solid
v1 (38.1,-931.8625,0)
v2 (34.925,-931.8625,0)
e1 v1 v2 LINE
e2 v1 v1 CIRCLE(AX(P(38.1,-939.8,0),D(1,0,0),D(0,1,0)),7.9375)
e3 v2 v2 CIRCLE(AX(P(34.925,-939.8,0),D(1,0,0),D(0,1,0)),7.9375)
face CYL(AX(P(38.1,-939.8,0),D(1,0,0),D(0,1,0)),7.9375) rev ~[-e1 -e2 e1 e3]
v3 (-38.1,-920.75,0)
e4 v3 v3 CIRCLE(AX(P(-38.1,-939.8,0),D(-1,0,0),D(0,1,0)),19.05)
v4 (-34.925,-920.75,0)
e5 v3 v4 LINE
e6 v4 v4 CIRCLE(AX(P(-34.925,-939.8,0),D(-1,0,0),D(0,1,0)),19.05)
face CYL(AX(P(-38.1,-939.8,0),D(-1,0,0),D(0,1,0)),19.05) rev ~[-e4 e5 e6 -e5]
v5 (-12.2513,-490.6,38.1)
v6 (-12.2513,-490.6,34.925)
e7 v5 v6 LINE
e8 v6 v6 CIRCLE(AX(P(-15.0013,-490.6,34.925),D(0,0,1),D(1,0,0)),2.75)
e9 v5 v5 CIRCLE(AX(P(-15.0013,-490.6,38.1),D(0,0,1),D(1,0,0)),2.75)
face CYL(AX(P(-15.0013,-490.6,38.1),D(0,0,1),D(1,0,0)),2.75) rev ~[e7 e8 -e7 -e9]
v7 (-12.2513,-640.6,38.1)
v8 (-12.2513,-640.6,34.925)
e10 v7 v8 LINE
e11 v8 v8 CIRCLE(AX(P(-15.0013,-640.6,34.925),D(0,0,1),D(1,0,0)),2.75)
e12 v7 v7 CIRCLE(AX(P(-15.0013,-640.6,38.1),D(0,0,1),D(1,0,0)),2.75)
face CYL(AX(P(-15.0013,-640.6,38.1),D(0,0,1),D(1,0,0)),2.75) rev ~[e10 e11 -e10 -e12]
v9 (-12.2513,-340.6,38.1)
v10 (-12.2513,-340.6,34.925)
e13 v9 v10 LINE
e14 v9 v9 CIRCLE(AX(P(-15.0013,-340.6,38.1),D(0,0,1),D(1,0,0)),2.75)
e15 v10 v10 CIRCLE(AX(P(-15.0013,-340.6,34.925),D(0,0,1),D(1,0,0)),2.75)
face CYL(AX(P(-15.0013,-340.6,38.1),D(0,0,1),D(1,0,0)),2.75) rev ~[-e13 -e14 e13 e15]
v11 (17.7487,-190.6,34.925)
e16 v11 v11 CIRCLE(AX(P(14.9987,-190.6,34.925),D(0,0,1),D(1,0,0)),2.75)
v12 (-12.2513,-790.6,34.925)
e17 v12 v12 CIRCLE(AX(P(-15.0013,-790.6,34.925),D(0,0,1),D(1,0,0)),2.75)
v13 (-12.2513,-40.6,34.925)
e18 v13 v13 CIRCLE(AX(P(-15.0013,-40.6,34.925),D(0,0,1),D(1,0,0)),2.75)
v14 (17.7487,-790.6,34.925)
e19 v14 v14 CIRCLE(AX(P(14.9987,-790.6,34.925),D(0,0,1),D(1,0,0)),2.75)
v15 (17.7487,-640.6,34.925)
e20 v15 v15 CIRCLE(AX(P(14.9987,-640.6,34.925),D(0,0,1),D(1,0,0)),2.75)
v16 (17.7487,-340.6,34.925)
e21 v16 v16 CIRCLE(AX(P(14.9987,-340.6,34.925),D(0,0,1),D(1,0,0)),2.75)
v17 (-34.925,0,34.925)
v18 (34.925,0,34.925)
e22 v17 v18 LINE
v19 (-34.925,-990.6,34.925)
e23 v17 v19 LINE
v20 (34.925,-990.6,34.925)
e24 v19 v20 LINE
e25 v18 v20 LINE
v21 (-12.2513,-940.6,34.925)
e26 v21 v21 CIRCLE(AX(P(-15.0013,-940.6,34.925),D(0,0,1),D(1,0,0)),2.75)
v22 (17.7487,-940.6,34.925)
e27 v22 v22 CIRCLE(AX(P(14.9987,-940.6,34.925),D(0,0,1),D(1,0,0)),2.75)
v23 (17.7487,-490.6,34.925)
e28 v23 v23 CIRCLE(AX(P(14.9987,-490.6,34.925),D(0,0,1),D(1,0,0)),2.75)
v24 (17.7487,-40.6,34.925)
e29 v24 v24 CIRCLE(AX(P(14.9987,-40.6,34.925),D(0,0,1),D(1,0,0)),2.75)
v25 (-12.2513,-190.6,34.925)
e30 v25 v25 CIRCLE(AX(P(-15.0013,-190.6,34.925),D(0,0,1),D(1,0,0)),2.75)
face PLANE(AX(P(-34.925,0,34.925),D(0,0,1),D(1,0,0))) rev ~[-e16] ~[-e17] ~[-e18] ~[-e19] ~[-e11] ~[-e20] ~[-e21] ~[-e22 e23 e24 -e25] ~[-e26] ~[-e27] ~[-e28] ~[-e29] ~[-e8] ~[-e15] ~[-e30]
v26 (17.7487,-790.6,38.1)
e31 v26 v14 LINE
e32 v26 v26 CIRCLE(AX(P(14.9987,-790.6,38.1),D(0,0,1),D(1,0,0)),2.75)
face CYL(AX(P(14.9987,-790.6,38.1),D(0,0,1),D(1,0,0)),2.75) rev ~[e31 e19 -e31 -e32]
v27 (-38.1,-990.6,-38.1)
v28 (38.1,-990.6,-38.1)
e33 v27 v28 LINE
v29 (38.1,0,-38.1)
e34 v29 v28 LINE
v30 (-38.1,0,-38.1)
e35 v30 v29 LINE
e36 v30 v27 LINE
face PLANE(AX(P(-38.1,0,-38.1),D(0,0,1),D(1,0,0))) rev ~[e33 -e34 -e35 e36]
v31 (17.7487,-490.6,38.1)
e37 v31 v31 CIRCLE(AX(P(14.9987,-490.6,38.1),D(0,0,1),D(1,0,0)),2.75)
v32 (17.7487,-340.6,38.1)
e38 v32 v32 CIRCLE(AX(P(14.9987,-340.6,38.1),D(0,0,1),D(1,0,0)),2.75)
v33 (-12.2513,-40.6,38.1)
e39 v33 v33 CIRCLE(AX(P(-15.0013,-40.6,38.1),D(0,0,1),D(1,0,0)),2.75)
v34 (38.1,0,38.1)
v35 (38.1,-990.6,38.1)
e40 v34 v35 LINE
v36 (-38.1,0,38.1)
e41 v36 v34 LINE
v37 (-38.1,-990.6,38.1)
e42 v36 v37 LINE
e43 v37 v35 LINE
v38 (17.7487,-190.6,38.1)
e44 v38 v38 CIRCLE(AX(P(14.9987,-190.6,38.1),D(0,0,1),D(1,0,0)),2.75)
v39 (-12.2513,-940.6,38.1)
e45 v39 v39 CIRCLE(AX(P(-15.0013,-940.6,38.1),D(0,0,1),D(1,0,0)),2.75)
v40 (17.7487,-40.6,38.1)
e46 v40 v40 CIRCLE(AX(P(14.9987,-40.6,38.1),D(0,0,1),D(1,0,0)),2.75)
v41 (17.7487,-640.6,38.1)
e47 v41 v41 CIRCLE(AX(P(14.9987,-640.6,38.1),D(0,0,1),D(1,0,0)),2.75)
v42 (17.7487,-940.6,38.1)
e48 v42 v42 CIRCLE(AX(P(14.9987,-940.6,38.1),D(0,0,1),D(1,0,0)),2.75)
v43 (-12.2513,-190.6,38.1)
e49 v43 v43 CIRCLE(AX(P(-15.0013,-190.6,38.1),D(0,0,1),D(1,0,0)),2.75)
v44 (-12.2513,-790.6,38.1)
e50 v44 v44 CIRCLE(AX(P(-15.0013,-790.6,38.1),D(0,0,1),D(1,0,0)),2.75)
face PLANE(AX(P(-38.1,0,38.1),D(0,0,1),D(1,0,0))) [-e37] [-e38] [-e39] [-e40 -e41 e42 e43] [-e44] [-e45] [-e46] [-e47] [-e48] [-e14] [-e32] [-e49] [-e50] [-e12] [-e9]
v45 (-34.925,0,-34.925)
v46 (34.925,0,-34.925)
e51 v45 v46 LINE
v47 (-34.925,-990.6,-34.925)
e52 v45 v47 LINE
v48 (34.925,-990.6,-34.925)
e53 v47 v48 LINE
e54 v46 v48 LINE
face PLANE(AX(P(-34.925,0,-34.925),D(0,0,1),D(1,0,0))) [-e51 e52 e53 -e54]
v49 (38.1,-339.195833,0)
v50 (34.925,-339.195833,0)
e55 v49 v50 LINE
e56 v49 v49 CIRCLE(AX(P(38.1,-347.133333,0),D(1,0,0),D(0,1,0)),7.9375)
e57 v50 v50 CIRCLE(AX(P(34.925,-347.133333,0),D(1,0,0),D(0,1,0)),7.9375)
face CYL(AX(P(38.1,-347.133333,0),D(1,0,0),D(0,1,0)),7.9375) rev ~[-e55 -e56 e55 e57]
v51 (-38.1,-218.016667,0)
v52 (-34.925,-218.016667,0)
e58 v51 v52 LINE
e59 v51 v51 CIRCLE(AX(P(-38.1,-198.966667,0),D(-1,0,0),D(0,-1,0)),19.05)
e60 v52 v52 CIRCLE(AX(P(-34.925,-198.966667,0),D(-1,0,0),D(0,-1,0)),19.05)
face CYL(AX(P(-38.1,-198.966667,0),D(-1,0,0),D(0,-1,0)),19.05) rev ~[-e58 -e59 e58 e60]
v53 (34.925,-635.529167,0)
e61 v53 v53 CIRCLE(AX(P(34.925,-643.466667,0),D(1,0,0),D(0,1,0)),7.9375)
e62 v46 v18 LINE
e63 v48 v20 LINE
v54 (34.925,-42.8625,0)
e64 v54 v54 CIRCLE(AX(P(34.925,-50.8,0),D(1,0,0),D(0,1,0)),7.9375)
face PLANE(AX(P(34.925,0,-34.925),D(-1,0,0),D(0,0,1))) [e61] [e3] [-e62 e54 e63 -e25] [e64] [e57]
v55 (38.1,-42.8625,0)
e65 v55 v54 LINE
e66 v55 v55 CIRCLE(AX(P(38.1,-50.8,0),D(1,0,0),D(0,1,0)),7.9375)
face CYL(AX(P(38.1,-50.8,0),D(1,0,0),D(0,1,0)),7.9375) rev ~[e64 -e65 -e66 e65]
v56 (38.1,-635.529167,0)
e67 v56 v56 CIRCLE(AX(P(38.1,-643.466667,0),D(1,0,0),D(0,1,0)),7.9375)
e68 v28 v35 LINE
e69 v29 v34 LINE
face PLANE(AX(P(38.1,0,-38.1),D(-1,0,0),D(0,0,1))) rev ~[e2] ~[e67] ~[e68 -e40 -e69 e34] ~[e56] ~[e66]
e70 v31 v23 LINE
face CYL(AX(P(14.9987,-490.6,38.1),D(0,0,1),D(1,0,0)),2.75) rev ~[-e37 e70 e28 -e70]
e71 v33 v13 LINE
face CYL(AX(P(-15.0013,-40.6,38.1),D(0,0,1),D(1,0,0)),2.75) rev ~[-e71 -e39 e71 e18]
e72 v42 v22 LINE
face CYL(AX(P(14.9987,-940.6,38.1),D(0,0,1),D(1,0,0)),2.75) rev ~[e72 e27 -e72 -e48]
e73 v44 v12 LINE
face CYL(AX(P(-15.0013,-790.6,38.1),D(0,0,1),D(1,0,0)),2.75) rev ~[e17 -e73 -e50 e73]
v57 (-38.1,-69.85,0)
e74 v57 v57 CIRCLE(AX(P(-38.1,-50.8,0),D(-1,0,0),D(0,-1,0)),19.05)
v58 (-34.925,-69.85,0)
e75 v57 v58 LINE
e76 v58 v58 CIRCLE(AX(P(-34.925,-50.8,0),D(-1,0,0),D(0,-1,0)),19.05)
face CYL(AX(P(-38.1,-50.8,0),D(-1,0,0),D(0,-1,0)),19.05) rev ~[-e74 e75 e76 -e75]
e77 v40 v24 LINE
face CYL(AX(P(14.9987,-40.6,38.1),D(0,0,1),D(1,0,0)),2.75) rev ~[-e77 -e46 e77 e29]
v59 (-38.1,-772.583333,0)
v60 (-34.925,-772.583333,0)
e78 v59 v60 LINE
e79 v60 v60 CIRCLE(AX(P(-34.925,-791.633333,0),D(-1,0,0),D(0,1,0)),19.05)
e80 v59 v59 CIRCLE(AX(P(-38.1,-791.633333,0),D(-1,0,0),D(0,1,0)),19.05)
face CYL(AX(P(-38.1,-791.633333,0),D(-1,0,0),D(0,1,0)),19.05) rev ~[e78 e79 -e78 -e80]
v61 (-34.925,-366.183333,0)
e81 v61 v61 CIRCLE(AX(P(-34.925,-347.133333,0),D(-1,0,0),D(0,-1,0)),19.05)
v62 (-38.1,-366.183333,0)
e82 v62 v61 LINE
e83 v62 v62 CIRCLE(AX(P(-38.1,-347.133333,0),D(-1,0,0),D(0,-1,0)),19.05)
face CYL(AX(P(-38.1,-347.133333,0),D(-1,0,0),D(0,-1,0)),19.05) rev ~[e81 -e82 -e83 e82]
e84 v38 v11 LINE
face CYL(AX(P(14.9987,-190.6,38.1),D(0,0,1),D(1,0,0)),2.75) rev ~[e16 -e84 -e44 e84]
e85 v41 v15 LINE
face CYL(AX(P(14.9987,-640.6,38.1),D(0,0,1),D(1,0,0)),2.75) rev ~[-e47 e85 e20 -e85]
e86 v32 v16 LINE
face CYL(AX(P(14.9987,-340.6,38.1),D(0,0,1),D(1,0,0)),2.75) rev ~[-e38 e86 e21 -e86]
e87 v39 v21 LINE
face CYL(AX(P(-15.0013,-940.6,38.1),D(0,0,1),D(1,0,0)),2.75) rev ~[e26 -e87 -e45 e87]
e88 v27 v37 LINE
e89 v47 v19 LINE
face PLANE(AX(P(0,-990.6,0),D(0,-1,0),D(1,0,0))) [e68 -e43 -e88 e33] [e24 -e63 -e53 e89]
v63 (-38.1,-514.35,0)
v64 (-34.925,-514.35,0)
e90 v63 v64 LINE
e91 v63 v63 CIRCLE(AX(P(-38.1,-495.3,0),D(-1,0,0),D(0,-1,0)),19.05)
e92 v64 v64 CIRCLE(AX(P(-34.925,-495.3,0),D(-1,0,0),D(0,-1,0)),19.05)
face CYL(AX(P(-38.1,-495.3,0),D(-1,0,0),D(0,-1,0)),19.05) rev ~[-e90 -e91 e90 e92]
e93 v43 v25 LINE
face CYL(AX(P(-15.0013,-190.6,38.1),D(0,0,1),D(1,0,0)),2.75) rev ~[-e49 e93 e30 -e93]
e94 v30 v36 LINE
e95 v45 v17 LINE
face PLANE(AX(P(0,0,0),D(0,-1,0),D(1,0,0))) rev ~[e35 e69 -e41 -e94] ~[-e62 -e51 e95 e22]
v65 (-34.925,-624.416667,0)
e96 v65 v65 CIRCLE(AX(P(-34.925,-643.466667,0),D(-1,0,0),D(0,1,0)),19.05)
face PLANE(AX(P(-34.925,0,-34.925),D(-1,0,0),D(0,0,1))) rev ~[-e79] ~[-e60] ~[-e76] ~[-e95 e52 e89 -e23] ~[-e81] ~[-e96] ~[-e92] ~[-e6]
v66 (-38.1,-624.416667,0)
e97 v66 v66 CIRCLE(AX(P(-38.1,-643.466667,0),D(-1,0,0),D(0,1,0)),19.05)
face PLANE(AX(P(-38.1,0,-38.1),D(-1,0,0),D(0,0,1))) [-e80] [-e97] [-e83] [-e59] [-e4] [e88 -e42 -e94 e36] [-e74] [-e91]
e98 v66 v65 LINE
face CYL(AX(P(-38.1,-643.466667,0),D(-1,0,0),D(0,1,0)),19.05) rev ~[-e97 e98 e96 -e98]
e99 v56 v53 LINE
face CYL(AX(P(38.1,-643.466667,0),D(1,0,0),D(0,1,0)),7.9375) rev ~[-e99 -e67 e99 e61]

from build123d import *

# Parameters (mm, degrees)
F0_W     = 76.2
F0_H     = 76.2
F0_W_2   = 69.85
F0_H_2   = 69.85
F1_DEPTH = 990.6
F2_R     = 2.75
F3_DEPTH = 25.4
F4_R     = 7.9375
F5_DEPTH = 25.4
F6_R     = 19.05
F7_DEPTH = 25.4


with BuildPart() as f1:
    # F0 (on Front) → F1 (new body)
    with BuildSketch(Plane.XZ):
        Rectangle(F0_W, F0_H)
        Rectangle(F0_W_2, F0_H_2, mode=Mode.SUBTRACT)
    extrude(amount=F1_DEPTH)

    # F2 (on face) → F3 (cut)
    with BuildSketch(Plane.XY.offset(38.1)):
        with Locations((-15.0013, -940.6)):
            Circle(F2_R)
        with Locations((14.9987, -940.6)):
            Circle(F2_R)
        with Locations((14.9987, -790.6)):
            Circle(F2_R)
        with Locations((-15.0013, -790.6)):
            Circle(F2_R)
        with Locations((14.9987, -640.6)):
            Circle(F2_R)
        with Locations((-15.0013, -640.6)):
            Circle(F2_R)
        with Locations((14.9987, -490.6)):
            Circle(F2_R)
        with Locations((-15.0013, -490.6)):
            Circle(F2_R)
        with Locations((14.9987, -340.6)):
            Circle(F2_R)
        with Locations((-15.0013, -340.6)):
            Circle(F2_R)
        with Locations((14.9987, -190.6)):
            Circle(F2_R)
        with Locations((-15.0013, -190.6)):
            Circle(F2_R)
        with Locations((14.9987, -40.6)):
            Circle(F2_R)
        with Locations((-15.0013, -40.6)):
            Circle(F2_R)
    extrude(amount=-F3_DEPTH, mode=Mode.SUBTRACT)

    # F4 (on face) → F5 (cut)
    with BuildSketch(Plane.YZ.offset(38.1)):
        with Locations((-939.8, 0)):
            Circle(F4_R)
        with Locations((-643.466667, 0)):
            Circle(F4_R)
        with Locations((-347.133333, 0)):
            Circle(F4_R)
        with Locations((-50.8, 0)):
            Circle(F4_R)
    extrude(amount=-F5_DEPTH, mode=Mode.SUBTRACT)

    # F6 (on face) → F7 (cut)
    with BuildSketch(Plane(origin=(-38.1, 0, 0), x_dir=(0, -1, 0), z_dir=(-1, 0, 0))):
        with BuildLine():
            Line((643.466667, 0), (662.516667, 0))
            ThreePointArc((662.516667, 0), (643.466667, 19.05), (624.416667, 0))
            Line((624.416667, 0), (643.466667, 0))
        make_face()
        with Locations((50.8, 0)):
            Circle(F6_R)
        with BuildLine():
            ThreePointArc((179.916667, 0), (198.966667, -19.05), (218.016667, 0))
            Line((218.016667, 0), (179.916667, 0))
        make_face()
        with BuildLine():
            Line((179.916667, 0), (218.016667, 0))
            ThreePointArc((218.016667, 0), (198.966667, 19.05), (179.916667, 0))
        make_face()
        with BuildLine():
            ThreePointArc((328.083333, 0), (347.133333, -19.05), (366.183333, 0))
            Line((366.183333, 0), (347.133333, 0))
            Line((347.133333, 0), (328.083333, 0))
        make_face()
        with BuildLine():
            Line((347.133333, 0), (366.183333, 0))
            ThreePointArc((366.183333, 0), (347.133333, 19.05), (328.083333, 0))
            Line((328.083333, 0), (347.133333, 0))
        make_face()
        with BuildLine():
            ThreePointArc((476.25, 0), (495.3, -19.05), (514.35, 0))
            Line((514.35, 0), (476.25, 0))
        make_face()
        with BuildLine():
            Line((476.25, 0), (514.35, 0))
            ThreePointArc((514.35, 0), (495.3, 19.05), (476.25, 0))
        make_face()
        with BuildLine():
            ThreePointArc((624.416667, 0), (643.466667, -19.05), (662.516667, 0))
            Line((662.516667, 0), (643.466667, 0))
            Line((643.466667, 0), (624.416667, 0))
        make_face()
        with BuildLine():
            ThreePointArc((958.85, 0), (939.8, 19.05), (920.75, 0))
            ThreePointArc((920.75, 0), (939.8, -19.05), (958.85, 0))
        make_face()
        with BuildLine():
            ThreePointArc((810.683333, 0), (791.633333, 19.05), (772.583333, 0))
            Line((772.583333, 0), (810.683333, 0))
        make_face()
        with BuildLine():
            Line((810.683333, 0), (772.583333, 0))
            ThreePointArc((772.583333, 0), (791.633333, -19.05), (810.683333, 0))
        make_face()
    extrude(amount=-F7_DEPTH, mode=Mode.SUBTRACT)


solid = f1.part
